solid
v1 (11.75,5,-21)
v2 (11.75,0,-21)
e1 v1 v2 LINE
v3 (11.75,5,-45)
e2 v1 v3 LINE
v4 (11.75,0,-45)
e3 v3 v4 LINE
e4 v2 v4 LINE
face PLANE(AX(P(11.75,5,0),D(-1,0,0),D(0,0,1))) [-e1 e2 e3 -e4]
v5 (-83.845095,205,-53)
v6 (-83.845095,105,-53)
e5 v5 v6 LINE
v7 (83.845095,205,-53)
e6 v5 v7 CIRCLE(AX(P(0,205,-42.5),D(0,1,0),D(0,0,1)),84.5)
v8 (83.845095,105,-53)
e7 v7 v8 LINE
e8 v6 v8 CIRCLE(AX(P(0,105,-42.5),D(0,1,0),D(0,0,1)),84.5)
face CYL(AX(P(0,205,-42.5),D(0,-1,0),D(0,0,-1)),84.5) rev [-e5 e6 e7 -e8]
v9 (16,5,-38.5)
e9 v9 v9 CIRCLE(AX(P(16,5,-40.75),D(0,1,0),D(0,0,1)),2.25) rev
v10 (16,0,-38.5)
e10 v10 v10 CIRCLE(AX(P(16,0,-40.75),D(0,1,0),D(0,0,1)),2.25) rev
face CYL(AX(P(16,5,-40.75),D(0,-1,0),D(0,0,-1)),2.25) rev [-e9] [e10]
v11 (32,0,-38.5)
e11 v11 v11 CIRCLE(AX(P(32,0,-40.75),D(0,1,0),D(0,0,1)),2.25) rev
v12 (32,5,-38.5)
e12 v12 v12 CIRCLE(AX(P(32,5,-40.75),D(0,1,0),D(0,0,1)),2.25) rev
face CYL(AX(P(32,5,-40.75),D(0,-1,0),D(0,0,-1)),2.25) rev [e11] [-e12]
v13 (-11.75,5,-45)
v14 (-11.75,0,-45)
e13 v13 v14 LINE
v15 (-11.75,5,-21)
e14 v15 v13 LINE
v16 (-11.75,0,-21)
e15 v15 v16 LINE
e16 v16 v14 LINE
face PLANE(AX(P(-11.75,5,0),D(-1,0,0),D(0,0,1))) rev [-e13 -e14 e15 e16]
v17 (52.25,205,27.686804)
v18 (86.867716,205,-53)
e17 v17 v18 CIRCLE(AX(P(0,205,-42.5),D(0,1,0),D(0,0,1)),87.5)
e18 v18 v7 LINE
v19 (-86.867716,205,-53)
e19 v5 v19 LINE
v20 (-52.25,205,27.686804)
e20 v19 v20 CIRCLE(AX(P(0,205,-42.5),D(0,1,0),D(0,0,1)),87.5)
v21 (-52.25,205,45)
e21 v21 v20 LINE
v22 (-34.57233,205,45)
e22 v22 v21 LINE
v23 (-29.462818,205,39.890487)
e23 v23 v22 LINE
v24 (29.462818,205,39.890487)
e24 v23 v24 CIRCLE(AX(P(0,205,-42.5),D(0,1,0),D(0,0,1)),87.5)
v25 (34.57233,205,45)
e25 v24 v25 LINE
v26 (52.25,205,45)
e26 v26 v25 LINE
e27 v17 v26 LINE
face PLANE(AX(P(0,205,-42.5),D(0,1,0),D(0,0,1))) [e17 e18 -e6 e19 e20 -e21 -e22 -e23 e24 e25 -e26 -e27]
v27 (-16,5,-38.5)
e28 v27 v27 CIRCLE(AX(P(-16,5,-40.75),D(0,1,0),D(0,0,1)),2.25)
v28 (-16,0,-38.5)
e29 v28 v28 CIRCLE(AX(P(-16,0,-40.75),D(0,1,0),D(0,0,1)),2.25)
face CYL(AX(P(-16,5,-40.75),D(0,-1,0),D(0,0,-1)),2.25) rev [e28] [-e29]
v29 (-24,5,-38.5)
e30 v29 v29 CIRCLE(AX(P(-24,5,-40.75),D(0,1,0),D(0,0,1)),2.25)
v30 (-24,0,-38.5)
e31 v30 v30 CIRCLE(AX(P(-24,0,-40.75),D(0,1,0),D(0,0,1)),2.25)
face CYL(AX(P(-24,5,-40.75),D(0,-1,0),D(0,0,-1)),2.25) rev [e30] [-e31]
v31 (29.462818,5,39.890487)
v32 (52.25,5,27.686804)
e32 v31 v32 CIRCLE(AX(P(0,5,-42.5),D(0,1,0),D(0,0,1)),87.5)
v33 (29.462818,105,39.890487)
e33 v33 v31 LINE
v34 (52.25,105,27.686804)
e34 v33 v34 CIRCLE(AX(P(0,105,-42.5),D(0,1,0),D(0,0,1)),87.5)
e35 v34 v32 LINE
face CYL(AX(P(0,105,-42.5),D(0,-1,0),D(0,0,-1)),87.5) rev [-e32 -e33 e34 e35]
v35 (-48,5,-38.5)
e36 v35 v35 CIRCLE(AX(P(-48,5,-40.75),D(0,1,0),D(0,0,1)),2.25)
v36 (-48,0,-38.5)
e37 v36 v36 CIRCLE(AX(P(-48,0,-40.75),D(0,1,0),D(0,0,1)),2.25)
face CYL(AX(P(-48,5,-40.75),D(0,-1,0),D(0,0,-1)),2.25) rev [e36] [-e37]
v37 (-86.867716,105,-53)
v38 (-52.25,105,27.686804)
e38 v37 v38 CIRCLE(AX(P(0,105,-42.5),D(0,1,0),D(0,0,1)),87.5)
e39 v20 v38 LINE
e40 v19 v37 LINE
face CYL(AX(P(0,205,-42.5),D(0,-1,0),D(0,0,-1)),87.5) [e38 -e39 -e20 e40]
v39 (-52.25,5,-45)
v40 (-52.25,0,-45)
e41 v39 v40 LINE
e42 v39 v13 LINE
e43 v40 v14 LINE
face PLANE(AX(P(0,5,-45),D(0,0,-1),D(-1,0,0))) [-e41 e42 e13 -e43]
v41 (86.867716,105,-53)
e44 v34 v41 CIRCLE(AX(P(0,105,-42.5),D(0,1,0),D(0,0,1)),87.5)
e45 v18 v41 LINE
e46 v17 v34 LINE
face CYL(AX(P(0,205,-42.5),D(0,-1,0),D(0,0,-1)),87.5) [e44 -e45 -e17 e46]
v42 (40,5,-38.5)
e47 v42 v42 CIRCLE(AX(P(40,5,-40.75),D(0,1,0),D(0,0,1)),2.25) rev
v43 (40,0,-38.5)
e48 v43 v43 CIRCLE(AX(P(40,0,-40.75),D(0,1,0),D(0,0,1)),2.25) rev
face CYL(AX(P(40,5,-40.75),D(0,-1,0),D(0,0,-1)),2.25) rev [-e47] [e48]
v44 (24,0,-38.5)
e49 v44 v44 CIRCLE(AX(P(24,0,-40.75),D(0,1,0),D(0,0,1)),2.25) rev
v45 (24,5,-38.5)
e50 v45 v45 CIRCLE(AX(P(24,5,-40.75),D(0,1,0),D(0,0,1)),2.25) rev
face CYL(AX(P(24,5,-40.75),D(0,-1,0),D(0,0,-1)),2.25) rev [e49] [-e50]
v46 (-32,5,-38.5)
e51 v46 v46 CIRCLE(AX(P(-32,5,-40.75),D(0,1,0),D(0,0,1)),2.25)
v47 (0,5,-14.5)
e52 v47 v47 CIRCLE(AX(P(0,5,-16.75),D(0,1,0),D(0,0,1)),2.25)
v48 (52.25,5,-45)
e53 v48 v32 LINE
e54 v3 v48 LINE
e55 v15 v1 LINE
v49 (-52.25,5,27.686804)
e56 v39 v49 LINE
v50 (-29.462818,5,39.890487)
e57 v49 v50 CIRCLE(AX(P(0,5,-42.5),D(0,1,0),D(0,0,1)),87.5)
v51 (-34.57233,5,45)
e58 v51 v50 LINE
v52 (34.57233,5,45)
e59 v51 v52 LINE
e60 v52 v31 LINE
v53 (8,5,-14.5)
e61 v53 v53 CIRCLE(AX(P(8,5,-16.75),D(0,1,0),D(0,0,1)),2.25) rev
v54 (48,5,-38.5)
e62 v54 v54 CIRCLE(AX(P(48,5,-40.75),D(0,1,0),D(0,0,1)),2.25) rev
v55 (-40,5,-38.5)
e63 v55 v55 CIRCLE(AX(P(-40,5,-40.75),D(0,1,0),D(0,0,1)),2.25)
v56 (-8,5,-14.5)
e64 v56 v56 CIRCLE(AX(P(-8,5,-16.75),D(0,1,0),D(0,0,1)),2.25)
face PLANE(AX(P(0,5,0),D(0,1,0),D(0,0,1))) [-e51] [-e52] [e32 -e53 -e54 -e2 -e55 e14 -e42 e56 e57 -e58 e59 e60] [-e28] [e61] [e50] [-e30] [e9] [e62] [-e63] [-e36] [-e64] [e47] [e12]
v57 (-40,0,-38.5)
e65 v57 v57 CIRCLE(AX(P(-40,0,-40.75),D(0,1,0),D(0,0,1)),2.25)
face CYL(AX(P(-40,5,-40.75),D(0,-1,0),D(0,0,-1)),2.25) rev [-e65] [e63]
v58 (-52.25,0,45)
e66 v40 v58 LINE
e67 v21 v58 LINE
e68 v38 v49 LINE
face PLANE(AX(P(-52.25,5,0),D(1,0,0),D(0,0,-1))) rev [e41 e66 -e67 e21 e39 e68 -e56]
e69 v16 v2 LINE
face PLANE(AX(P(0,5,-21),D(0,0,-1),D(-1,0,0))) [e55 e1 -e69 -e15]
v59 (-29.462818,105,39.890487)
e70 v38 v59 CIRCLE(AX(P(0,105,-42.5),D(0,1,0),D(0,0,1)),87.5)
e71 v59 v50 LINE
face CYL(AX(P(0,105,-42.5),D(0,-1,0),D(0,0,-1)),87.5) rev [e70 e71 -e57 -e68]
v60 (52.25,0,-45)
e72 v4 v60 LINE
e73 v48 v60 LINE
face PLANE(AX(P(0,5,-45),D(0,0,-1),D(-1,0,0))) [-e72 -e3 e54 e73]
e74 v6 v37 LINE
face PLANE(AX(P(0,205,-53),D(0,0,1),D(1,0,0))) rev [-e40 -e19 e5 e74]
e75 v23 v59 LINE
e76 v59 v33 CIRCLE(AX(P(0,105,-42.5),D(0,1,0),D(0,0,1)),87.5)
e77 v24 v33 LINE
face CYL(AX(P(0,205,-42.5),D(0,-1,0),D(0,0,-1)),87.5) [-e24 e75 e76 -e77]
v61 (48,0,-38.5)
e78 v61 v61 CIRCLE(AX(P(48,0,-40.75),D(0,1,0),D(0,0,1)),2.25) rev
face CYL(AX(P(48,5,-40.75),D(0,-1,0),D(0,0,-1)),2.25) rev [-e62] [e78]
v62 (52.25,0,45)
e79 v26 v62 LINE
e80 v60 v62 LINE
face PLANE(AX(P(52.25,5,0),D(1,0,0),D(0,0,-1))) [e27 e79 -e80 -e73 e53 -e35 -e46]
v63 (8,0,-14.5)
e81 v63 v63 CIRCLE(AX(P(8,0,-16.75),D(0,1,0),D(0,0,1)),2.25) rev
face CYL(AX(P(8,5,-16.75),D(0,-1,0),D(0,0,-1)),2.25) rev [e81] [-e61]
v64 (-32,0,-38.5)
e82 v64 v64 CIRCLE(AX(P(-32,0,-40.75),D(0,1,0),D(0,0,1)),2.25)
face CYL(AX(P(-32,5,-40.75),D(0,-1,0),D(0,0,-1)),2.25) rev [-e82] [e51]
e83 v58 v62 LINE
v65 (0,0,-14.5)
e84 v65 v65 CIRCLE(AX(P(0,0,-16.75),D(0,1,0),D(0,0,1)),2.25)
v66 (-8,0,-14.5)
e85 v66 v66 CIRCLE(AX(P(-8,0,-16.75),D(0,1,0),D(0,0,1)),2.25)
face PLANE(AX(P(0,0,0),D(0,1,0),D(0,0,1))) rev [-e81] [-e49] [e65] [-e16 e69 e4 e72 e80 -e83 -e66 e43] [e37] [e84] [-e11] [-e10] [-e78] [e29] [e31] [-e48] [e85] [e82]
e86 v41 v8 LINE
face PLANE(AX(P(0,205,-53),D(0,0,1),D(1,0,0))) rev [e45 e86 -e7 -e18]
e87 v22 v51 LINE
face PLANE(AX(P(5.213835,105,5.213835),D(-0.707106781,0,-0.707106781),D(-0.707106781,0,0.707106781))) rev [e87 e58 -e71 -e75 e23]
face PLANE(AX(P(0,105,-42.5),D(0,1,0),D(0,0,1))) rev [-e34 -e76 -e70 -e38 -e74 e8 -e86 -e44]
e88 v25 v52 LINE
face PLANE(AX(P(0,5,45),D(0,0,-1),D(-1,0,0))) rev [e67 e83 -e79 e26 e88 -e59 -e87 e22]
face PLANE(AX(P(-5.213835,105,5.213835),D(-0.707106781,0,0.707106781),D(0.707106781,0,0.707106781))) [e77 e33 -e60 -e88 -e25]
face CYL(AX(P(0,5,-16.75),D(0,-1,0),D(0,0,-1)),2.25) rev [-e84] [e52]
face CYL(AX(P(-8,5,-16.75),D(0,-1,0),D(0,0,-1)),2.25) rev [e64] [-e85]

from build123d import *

# Parameters (mm, degrees)
SKETCH_2_R      = 2.25
EXTRUDE_1_DEPTH = 5
EXTRUDE_5_DEPTH = 100
EXTRUDE_START   = 100
EXTRUDE_7_DEPTH = 100


with BuildPart() as part:
    # 草图2 → 凸台-拉伸1 (new body)
    with BuildSketch(Plane(origin=(0, 0, 0), x_dir=(1, 0, 0), z_dir=(0, 1, 0))):
        Polygon((-11.75, 45), (-52.25, 45), (-52.25, -45), (52.25, -45), (52.25, 45), (11.75, 45), (11.75, 21), (-11.75, 21), align=None)
        with Locations(Location((-8, 16.75, 0), (0, 0, 270))):
            Circle(SKETCH_2_R, mode=Mode.SUBTRACT)
        with Locations(Location((-48, 40.75, 0), (0, 0, 270))):
            Circle(SKETCH_2_R, mode=Mode.SUBTRACT)
        with Locations(Location((-40, 40.75, 0), (0, 0, 270))):
            Circle(SKETCH_2_R, mode=Mode.SUBTRACT)
        with Locations(Location((-32, 40.75, 0), (0, 0, 270))):
            Circle(SKETCH_2_R, mode=Mode.SUBTRACT)
        with Locations(Location((-24, 40.75, 0), (0, 0, 270))):
            Circle(SKETCH_2_R, mode=Mode.SUBTRACT)
        with Locations(Location((-16, 40.75, 0), (0, 0, 270))):
            Circle(SKETCH_2_R, mode=Mode.SUBTRACT)
        with Locations(Location((0, 16.75, 0), (0, 0, 270))):
            Circle(SKETCH_2_R, mode=Mode.SUBTRACT)
        with Locations(Location((8, 16.75, 0), (0, 0, 270))):
            Circle(SKETCH_2_R, mode=Mode.SUBTRACT)
        with Locations(Location((16, 40.75, 0), (0, 0, 270))):
            Circle(SKETCH_2_R, mode=Mode.SUBTRACT)
        with Locations(Location((24, 40.75, 0), (0, 0, 270))):
            Circle(SKETCH_2_R, mode=Mode.SUBTRACT)
        with Locations(Location((32, 40.75, 0), (0, 0, 270))):
            Circle(SKETCH_2_R, mode=Mode.SUBTRACT)
        with Locations(Location((40, 40.75, 0), (0, 0, 270))):
            Circle(SKETCH_2_R, mode=Mode.SUBTRACT)
        with Locations(Location((48, 40.75, 0), (0, 0, 270))):
            Circle(SKETCH_2_R, mode=Mode.SUBTRACT)
    extrude(amount=EXTRUDE_1_DEPTH)

    # 草图7 → 凸台-拉伸5 (add)
    with BuildSketch(Plane(origin=(0, 5, 5), x_dir=(1, 0, 0), z_dir=(0, 1, 0))):
        with BuildLine():
            ThreePointArc((-29.462817643, -34.890487173), (-41.309546241, -29.634761226), (-52.25, -22.686804315))
            Line((-52.25, -22.686804315), (-52.25, -40))
            Line((-52.25, -40), (-34.57233047, -40))
            Line((-34.57233047, -40), (-29.462817643, -34.890487173))
        make_face()
        with BuildLine():
            ThreePointArc((52.25, -22.686804315), (41.309546241, -29.634761226), (29.462817643, -34.890487173))
            Line((29.462817643, -34.890487173), (34.57233047, -40))
            Line((34.57233047, -40), (52.25, -40))
            Line((52.25, -40), (52.25, -22.686804315))
        make_face()
    extrude(amount=EXTRUDE_5_DEPTH)

    # 草图7<5> → 凸台-拉伸7 (add)
    with BuildSketch(Plane(origin=(0, 5, 5), x_dir=(1, 0, 0), z_dir=(0, 1, 0)).offset(EXTRUDE_START)):
        with BuildLine():
            Line((52.25, -40), (52.25, -22.686804315))
            ThreePointArc((52.25, -22.686804315), (80.411596121, 13.000359287), (86.867715522, 58))
            Line((86.867715522, 58), (83.845095265, 58))
            ThreePointArc((83.845095265, 58), (0, -37), (-83.845095265, 58))
            Line((-83.845095265, 58), (-86.867715522, 58))
            ThreePointArc((-86.867715522, 58), (-80.411596121, 13.000359287), (-52.25, -22.686804315))
            Line((-52.25, -22.686804315), (-52.25, -40))
            Line((-52.25, -40), (-34.57233047, -40))
            Line((-34.57233047, -40), (-29.462817643, -34.890487173))
            ThreePointArc((-29.462817643, -34.890487173), (0, -40), (29.462817643, -34.890487173))
            Line((29.462817643, -34.890487173), (34.57233047, -40))
            Line((34.57233047, -40), (52.25, -40))
        make_face()
    extrude(amount=EXTRUDE_7_DEPTH)


solid = part.part
